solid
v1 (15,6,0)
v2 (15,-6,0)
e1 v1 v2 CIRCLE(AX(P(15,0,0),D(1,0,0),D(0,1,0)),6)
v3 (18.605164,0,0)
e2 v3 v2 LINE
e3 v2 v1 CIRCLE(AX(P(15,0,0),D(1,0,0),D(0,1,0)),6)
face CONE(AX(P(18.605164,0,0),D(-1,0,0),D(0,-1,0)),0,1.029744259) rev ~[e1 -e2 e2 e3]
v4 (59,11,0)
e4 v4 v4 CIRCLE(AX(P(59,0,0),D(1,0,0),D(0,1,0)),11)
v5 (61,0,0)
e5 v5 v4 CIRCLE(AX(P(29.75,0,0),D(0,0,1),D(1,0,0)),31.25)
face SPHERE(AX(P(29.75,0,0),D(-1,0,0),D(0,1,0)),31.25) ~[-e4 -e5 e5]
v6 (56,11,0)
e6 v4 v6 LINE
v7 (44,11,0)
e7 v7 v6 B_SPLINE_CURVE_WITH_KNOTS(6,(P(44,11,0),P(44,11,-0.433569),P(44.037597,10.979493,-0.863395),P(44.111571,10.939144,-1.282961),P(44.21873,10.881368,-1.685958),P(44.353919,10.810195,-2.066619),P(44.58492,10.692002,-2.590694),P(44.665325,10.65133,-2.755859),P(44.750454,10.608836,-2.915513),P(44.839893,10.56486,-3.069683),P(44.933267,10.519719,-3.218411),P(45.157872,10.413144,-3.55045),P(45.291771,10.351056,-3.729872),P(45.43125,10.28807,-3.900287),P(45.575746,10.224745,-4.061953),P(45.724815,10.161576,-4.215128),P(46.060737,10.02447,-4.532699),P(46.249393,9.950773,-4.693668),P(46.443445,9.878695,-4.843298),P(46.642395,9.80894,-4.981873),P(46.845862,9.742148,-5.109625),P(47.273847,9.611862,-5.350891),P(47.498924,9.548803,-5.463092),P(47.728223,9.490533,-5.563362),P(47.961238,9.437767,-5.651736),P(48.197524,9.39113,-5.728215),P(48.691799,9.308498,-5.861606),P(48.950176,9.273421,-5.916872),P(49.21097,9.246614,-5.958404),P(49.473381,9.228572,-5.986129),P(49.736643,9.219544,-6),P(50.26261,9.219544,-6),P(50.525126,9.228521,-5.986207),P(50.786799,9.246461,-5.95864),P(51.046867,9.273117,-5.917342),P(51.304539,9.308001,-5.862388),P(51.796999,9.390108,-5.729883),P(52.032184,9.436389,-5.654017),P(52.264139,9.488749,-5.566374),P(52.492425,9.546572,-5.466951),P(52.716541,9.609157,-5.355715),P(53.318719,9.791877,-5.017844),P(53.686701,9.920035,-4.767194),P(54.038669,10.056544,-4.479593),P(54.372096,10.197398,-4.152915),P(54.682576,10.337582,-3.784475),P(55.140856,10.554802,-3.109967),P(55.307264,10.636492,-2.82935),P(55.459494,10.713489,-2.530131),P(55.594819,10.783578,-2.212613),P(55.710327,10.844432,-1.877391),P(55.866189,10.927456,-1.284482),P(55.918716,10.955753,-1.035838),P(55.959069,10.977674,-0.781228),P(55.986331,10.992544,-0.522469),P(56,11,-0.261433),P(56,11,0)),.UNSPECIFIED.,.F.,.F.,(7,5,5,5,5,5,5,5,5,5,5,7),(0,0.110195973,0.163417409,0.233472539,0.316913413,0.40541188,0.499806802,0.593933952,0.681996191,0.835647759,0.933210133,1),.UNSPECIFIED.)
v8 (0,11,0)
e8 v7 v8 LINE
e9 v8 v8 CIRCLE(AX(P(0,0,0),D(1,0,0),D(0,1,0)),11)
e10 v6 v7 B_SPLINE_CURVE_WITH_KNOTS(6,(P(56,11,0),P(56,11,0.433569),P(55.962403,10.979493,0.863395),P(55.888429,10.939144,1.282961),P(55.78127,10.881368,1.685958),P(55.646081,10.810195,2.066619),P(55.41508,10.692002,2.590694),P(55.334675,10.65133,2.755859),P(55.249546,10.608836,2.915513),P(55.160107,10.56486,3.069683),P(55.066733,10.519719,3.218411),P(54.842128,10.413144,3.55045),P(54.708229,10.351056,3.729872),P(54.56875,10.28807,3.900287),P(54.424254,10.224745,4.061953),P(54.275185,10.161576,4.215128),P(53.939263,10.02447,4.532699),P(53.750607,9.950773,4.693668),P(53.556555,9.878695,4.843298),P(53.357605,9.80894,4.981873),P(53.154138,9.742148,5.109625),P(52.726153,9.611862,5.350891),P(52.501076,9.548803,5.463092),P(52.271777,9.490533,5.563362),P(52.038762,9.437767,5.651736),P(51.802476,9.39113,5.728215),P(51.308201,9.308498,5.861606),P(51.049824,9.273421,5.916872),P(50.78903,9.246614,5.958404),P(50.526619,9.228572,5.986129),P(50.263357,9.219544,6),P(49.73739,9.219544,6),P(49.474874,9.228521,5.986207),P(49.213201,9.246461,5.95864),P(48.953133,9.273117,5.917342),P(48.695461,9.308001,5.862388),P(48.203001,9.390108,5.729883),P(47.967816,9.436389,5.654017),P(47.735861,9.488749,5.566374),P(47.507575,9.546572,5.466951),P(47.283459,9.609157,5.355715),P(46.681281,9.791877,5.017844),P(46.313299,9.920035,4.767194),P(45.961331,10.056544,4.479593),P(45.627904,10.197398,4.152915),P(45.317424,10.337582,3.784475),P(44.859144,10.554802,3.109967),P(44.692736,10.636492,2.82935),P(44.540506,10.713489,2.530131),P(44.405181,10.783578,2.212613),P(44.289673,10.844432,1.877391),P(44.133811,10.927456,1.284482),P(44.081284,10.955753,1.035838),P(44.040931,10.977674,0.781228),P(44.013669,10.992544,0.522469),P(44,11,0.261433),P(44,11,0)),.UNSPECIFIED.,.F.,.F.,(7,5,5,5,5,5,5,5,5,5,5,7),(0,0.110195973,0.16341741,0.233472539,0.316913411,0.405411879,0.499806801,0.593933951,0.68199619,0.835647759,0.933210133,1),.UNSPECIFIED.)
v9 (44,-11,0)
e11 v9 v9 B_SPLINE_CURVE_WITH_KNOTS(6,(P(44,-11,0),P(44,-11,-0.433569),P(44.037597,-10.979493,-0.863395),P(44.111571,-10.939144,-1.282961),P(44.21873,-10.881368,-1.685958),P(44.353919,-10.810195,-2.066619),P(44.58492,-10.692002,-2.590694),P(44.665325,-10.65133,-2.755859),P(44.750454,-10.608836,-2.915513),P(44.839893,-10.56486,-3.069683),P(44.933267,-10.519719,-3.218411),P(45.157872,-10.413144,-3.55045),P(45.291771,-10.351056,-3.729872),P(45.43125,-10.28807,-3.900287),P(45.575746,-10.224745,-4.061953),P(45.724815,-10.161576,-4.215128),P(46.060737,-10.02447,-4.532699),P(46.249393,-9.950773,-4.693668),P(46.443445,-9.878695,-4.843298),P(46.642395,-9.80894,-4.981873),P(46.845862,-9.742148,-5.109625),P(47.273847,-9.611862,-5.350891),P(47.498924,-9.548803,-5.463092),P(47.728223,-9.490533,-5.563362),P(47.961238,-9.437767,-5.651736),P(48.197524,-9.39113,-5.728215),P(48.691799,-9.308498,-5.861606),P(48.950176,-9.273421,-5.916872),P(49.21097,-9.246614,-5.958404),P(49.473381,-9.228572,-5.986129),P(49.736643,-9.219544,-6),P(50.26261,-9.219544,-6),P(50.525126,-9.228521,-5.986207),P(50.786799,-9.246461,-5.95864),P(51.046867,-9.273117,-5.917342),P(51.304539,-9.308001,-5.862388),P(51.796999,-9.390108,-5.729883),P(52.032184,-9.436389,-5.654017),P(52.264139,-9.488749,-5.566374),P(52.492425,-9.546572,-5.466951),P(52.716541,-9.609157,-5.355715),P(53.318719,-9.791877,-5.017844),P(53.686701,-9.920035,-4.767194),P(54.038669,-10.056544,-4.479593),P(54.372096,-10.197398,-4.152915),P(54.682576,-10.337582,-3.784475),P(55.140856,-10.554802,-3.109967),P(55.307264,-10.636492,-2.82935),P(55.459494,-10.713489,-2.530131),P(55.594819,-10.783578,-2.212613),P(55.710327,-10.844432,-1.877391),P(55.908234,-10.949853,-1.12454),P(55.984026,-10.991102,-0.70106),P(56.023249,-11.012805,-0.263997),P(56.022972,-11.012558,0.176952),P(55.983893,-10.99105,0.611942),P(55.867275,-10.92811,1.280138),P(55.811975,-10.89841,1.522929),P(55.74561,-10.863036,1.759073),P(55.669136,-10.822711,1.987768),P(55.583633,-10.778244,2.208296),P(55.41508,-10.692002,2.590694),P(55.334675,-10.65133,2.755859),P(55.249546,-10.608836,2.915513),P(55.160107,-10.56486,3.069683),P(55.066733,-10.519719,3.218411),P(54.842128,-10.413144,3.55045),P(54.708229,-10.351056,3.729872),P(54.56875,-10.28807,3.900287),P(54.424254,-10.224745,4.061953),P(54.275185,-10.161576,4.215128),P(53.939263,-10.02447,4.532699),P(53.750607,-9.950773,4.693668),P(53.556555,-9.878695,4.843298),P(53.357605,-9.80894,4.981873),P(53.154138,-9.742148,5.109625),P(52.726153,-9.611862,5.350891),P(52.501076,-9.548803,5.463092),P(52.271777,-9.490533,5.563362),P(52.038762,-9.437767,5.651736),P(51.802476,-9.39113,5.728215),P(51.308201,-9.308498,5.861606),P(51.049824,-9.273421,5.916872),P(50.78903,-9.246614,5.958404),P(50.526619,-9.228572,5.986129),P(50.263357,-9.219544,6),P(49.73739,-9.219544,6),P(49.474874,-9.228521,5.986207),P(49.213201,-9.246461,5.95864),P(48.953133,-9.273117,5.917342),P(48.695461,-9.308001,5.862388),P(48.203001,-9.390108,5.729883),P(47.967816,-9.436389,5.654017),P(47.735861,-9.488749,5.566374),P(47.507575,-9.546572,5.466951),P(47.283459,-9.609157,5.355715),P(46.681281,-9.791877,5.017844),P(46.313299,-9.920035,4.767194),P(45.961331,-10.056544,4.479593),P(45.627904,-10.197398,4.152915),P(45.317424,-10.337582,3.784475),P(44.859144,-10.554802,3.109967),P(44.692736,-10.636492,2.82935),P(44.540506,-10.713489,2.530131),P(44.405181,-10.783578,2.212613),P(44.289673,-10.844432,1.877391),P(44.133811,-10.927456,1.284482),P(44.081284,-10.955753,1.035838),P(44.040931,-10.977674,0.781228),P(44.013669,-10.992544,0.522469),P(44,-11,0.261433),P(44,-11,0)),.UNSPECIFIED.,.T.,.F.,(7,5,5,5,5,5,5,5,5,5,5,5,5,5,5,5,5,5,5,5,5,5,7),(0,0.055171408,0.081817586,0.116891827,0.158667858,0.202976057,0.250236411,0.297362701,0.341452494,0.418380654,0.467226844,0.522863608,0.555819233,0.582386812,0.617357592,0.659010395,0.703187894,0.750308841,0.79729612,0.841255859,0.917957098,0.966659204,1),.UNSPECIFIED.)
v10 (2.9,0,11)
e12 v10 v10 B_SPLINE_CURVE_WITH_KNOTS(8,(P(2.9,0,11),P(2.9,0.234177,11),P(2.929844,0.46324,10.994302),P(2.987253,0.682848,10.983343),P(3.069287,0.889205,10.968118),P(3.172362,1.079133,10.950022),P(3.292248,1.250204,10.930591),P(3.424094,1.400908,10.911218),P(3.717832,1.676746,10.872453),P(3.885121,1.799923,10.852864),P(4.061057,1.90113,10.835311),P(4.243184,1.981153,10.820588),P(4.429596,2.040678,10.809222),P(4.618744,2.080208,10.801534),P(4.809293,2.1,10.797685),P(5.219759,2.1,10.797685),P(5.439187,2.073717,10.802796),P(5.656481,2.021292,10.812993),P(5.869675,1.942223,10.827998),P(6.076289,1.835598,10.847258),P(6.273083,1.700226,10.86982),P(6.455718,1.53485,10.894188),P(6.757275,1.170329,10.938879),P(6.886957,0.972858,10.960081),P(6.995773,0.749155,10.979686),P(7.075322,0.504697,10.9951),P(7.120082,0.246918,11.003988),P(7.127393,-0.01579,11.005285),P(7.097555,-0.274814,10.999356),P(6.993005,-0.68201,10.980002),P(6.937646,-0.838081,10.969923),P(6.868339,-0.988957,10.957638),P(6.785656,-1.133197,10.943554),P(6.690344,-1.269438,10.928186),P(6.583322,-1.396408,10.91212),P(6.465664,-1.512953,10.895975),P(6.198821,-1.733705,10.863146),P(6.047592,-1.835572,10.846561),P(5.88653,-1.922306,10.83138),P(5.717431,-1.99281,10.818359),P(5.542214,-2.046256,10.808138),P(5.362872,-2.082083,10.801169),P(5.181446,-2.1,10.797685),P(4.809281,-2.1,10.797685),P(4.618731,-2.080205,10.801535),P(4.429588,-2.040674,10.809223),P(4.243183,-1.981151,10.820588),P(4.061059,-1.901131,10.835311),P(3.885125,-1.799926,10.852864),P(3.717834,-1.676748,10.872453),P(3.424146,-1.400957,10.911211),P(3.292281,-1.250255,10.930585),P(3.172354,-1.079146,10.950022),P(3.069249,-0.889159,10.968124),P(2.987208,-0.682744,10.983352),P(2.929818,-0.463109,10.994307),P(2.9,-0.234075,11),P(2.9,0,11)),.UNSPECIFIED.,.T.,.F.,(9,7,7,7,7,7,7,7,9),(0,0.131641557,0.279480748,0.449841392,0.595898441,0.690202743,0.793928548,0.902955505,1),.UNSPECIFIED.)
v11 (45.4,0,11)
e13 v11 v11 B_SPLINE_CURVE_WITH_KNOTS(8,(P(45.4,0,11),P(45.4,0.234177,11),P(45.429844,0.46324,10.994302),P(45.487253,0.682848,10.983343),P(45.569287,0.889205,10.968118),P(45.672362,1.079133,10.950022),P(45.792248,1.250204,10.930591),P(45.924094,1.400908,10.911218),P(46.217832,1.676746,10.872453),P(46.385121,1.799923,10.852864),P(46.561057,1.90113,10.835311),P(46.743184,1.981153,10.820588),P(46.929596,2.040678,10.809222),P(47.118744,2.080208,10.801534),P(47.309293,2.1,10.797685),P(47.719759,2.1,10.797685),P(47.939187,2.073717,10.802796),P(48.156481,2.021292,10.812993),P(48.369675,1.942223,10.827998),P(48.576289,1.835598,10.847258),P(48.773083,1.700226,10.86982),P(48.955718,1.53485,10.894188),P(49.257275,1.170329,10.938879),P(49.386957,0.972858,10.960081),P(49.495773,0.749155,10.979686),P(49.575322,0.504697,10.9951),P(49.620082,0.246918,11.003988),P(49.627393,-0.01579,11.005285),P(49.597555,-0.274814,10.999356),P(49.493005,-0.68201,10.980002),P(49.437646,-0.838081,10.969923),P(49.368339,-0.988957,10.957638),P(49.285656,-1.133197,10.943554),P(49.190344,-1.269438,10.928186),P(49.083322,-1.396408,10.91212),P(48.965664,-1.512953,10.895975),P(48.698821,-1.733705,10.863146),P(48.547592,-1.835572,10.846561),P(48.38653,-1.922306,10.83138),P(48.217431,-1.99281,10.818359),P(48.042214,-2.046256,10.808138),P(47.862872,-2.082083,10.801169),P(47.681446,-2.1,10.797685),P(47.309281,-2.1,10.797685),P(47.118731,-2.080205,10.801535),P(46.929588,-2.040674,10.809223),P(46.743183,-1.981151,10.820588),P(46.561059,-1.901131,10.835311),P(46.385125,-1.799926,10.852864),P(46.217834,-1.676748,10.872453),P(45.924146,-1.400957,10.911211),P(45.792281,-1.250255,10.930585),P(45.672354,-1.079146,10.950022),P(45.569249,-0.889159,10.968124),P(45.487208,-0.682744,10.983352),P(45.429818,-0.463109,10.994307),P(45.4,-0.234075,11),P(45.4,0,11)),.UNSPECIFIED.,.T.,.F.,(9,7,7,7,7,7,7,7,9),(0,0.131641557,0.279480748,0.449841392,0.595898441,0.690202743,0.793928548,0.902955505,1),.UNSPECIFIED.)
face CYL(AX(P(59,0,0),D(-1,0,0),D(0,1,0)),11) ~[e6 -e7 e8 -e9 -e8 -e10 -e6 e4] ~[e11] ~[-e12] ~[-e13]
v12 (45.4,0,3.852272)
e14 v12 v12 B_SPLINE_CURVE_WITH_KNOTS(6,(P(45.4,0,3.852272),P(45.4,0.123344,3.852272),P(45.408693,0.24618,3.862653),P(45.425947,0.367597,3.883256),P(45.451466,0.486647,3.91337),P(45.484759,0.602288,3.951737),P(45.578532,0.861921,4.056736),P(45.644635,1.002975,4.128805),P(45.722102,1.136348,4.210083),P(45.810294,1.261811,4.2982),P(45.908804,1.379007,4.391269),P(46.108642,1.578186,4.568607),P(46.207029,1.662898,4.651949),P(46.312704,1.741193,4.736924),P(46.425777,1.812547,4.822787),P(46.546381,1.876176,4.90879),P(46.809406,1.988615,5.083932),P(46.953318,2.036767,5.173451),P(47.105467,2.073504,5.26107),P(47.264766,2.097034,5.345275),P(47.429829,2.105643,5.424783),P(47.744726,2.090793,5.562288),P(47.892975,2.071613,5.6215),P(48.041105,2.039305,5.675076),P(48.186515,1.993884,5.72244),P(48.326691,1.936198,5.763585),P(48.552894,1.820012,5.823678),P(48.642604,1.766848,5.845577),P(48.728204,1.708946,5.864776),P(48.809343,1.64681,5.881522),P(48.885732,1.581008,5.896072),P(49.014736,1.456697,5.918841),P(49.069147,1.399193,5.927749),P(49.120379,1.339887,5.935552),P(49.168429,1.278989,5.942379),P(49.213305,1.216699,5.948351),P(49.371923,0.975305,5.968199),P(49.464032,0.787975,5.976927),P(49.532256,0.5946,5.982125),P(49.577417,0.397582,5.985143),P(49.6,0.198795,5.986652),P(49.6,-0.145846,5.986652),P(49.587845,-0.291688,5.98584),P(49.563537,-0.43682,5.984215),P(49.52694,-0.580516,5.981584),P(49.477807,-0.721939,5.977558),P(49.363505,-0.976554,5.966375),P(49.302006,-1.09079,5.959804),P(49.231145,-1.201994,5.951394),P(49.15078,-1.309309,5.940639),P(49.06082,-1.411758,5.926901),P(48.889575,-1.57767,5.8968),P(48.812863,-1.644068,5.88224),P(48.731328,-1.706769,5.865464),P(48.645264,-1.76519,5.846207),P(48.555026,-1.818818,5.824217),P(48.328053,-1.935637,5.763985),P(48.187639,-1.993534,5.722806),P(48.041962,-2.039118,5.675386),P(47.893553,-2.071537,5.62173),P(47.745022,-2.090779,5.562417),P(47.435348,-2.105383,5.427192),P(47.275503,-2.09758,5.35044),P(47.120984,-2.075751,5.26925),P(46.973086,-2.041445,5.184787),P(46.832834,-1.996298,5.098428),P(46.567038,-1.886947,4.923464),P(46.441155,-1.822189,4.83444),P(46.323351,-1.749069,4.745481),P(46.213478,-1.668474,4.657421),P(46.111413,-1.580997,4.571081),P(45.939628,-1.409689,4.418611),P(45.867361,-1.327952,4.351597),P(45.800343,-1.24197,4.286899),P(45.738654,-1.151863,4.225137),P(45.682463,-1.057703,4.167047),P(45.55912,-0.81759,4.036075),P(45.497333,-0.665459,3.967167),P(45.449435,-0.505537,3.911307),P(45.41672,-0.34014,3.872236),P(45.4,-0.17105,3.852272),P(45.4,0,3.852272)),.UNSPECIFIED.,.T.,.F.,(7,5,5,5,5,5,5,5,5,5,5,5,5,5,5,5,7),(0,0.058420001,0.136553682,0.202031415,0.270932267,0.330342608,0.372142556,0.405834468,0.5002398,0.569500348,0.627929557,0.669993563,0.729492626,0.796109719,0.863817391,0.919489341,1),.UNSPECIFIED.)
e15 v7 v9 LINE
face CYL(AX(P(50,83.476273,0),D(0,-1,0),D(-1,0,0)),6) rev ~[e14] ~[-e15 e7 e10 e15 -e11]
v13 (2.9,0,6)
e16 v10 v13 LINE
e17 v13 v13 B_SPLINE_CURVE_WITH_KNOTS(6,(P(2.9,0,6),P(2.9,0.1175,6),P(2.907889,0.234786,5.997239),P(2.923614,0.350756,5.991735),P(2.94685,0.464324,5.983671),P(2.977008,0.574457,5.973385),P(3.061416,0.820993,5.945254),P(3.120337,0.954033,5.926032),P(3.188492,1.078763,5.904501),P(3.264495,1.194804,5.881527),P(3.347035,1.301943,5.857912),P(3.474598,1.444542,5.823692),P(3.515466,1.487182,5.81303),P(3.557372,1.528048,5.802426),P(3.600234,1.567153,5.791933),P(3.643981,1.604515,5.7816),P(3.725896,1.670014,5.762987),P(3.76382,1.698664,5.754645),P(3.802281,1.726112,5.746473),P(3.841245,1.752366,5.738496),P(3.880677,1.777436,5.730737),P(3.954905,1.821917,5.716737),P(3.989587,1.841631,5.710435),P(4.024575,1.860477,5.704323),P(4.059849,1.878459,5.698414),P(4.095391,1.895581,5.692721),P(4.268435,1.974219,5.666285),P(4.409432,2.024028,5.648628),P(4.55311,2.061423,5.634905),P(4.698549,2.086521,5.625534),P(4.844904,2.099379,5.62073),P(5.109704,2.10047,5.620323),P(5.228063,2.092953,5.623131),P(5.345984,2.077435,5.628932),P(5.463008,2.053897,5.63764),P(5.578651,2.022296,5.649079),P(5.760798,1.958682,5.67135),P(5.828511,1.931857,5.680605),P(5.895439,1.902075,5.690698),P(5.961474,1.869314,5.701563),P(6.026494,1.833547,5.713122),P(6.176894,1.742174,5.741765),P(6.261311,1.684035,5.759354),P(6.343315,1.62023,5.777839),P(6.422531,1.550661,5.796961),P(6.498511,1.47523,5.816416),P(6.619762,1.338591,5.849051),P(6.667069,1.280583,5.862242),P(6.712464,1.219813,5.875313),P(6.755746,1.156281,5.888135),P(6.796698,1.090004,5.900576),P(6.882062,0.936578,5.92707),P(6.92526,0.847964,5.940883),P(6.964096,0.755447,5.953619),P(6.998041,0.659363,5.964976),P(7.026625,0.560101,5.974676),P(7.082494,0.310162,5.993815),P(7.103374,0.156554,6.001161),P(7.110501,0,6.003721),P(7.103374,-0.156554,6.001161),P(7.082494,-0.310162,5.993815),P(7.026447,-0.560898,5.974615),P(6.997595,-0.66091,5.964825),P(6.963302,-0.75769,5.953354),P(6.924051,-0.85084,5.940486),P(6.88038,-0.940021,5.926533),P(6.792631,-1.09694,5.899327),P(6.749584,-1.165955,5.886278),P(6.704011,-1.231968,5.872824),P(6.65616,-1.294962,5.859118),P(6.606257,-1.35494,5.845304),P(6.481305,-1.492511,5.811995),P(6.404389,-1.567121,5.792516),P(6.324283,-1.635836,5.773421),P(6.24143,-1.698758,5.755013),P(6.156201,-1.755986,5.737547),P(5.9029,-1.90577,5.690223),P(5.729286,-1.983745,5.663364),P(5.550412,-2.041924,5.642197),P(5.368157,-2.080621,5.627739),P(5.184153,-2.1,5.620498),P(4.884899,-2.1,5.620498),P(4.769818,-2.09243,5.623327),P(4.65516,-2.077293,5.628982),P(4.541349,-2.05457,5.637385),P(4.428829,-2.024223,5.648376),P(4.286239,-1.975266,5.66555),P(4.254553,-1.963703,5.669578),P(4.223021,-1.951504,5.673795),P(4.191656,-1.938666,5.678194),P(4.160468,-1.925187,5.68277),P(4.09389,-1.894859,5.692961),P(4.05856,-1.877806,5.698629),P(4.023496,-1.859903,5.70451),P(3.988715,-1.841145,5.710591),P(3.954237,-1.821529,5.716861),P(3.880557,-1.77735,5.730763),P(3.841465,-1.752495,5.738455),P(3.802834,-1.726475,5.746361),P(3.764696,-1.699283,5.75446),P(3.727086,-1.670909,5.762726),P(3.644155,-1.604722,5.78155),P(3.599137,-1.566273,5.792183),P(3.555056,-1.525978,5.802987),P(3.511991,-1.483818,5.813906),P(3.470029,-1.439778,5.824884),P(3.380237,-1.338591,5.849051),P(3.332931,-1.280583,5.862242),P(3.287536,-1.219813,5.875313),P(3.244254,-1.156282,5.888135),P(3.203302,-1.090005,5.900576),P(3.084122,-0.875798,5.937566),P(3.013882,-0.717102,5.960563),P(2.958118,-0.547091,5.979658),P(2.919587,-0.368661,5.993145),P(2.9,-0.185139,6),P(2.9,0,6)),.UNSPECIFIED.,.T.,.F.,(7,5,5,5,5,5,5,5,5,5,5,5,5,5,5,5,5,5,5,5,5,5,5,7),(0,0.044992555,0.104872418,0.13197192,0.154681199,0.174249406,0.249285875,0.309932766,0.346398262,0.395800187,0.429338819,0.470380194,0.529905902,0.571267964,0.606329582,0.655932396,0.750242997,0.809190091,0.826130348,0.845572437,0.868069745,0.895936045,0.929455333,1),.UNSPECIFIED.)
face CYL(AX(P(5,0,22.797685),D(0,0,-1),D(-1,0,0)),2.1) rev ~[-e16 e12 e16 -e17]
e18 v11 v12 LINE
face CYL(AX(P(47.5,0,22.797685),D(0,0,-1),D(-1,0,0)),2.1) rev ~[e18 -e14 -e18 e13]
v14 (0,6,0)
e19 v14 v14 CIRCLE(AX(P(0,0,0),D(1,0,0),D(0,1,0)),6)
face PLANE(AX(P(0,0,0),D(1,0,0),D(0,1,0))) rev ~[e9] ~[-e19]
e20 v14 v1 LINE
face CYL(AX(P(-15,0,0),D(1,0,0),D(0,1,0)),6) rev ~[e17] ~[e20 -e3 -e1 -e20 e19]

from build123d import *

# Parameters (mm, degrees)
F3_D     = 12
F3_DEPTH = 15
F3_TIP   = 3.6051637142
F6_D     = 12
F9_D     = 4.2
F9_DEPTH = 12
F9_START = 4.2023152
F9_TIP   = 1.2618073


with BuildPart() as f1:
    # F0 (on Top) → F1 (revolve)
    with BuildSketch(Plane.XY):
        with BuildLine():
            Line((0, 11), (0, 0))
            Line((0, 0), (61, 0))
            ThreePointArc((61, 0), (60.4959346906, 5.5901699437), (59, 11))
            Line((59, 11), (0, 11))
        make_face()
    revolve(axis=Axis((30.5, 0, 0), (1, 0, 0)))

    # F3
    with Locations(Plane(origin=(0, 0, 0), x_dir=(0, -1, 0), z_dir=(-1, 0, 0))):
        with Locations((0, 0)):
            Hole(F3_D / 2, depth=F3_DEPTH)
            with Locations((0, 0, -(F3_DEPTH + F3_TIP / 2))):  # 118° drill point
                Cone(0, F3_D / 2, F3_TIP, mode=Mode.SUBTRACT)

    # F6 (through all)
    with Locations(Plane(origin=(0, 15, 0), x_dir=(1, 0, 0), z_dir=(0, 1, 0))):
        with Locations((50, 0)):
            Hole(F6_D / 2)

    # F9
    # its depths count from where the whole tool has entered the part; down to there all is cleared
    with Locations(Plane.XY.offset(15).offset(-F9_START)):
        with Locations((5, 0), (47.5, 0)):
            Hole(F9_D / 2, depth=F9_DEPTH)
            with Locations((0, 0, -(F9_DEPTH + F9_TIP / 2))):  # 118° drill point
                Cone(0, F9_D / 2, F9_TIP, mode=Mode.SUBTRACT)


solid = f1.part
